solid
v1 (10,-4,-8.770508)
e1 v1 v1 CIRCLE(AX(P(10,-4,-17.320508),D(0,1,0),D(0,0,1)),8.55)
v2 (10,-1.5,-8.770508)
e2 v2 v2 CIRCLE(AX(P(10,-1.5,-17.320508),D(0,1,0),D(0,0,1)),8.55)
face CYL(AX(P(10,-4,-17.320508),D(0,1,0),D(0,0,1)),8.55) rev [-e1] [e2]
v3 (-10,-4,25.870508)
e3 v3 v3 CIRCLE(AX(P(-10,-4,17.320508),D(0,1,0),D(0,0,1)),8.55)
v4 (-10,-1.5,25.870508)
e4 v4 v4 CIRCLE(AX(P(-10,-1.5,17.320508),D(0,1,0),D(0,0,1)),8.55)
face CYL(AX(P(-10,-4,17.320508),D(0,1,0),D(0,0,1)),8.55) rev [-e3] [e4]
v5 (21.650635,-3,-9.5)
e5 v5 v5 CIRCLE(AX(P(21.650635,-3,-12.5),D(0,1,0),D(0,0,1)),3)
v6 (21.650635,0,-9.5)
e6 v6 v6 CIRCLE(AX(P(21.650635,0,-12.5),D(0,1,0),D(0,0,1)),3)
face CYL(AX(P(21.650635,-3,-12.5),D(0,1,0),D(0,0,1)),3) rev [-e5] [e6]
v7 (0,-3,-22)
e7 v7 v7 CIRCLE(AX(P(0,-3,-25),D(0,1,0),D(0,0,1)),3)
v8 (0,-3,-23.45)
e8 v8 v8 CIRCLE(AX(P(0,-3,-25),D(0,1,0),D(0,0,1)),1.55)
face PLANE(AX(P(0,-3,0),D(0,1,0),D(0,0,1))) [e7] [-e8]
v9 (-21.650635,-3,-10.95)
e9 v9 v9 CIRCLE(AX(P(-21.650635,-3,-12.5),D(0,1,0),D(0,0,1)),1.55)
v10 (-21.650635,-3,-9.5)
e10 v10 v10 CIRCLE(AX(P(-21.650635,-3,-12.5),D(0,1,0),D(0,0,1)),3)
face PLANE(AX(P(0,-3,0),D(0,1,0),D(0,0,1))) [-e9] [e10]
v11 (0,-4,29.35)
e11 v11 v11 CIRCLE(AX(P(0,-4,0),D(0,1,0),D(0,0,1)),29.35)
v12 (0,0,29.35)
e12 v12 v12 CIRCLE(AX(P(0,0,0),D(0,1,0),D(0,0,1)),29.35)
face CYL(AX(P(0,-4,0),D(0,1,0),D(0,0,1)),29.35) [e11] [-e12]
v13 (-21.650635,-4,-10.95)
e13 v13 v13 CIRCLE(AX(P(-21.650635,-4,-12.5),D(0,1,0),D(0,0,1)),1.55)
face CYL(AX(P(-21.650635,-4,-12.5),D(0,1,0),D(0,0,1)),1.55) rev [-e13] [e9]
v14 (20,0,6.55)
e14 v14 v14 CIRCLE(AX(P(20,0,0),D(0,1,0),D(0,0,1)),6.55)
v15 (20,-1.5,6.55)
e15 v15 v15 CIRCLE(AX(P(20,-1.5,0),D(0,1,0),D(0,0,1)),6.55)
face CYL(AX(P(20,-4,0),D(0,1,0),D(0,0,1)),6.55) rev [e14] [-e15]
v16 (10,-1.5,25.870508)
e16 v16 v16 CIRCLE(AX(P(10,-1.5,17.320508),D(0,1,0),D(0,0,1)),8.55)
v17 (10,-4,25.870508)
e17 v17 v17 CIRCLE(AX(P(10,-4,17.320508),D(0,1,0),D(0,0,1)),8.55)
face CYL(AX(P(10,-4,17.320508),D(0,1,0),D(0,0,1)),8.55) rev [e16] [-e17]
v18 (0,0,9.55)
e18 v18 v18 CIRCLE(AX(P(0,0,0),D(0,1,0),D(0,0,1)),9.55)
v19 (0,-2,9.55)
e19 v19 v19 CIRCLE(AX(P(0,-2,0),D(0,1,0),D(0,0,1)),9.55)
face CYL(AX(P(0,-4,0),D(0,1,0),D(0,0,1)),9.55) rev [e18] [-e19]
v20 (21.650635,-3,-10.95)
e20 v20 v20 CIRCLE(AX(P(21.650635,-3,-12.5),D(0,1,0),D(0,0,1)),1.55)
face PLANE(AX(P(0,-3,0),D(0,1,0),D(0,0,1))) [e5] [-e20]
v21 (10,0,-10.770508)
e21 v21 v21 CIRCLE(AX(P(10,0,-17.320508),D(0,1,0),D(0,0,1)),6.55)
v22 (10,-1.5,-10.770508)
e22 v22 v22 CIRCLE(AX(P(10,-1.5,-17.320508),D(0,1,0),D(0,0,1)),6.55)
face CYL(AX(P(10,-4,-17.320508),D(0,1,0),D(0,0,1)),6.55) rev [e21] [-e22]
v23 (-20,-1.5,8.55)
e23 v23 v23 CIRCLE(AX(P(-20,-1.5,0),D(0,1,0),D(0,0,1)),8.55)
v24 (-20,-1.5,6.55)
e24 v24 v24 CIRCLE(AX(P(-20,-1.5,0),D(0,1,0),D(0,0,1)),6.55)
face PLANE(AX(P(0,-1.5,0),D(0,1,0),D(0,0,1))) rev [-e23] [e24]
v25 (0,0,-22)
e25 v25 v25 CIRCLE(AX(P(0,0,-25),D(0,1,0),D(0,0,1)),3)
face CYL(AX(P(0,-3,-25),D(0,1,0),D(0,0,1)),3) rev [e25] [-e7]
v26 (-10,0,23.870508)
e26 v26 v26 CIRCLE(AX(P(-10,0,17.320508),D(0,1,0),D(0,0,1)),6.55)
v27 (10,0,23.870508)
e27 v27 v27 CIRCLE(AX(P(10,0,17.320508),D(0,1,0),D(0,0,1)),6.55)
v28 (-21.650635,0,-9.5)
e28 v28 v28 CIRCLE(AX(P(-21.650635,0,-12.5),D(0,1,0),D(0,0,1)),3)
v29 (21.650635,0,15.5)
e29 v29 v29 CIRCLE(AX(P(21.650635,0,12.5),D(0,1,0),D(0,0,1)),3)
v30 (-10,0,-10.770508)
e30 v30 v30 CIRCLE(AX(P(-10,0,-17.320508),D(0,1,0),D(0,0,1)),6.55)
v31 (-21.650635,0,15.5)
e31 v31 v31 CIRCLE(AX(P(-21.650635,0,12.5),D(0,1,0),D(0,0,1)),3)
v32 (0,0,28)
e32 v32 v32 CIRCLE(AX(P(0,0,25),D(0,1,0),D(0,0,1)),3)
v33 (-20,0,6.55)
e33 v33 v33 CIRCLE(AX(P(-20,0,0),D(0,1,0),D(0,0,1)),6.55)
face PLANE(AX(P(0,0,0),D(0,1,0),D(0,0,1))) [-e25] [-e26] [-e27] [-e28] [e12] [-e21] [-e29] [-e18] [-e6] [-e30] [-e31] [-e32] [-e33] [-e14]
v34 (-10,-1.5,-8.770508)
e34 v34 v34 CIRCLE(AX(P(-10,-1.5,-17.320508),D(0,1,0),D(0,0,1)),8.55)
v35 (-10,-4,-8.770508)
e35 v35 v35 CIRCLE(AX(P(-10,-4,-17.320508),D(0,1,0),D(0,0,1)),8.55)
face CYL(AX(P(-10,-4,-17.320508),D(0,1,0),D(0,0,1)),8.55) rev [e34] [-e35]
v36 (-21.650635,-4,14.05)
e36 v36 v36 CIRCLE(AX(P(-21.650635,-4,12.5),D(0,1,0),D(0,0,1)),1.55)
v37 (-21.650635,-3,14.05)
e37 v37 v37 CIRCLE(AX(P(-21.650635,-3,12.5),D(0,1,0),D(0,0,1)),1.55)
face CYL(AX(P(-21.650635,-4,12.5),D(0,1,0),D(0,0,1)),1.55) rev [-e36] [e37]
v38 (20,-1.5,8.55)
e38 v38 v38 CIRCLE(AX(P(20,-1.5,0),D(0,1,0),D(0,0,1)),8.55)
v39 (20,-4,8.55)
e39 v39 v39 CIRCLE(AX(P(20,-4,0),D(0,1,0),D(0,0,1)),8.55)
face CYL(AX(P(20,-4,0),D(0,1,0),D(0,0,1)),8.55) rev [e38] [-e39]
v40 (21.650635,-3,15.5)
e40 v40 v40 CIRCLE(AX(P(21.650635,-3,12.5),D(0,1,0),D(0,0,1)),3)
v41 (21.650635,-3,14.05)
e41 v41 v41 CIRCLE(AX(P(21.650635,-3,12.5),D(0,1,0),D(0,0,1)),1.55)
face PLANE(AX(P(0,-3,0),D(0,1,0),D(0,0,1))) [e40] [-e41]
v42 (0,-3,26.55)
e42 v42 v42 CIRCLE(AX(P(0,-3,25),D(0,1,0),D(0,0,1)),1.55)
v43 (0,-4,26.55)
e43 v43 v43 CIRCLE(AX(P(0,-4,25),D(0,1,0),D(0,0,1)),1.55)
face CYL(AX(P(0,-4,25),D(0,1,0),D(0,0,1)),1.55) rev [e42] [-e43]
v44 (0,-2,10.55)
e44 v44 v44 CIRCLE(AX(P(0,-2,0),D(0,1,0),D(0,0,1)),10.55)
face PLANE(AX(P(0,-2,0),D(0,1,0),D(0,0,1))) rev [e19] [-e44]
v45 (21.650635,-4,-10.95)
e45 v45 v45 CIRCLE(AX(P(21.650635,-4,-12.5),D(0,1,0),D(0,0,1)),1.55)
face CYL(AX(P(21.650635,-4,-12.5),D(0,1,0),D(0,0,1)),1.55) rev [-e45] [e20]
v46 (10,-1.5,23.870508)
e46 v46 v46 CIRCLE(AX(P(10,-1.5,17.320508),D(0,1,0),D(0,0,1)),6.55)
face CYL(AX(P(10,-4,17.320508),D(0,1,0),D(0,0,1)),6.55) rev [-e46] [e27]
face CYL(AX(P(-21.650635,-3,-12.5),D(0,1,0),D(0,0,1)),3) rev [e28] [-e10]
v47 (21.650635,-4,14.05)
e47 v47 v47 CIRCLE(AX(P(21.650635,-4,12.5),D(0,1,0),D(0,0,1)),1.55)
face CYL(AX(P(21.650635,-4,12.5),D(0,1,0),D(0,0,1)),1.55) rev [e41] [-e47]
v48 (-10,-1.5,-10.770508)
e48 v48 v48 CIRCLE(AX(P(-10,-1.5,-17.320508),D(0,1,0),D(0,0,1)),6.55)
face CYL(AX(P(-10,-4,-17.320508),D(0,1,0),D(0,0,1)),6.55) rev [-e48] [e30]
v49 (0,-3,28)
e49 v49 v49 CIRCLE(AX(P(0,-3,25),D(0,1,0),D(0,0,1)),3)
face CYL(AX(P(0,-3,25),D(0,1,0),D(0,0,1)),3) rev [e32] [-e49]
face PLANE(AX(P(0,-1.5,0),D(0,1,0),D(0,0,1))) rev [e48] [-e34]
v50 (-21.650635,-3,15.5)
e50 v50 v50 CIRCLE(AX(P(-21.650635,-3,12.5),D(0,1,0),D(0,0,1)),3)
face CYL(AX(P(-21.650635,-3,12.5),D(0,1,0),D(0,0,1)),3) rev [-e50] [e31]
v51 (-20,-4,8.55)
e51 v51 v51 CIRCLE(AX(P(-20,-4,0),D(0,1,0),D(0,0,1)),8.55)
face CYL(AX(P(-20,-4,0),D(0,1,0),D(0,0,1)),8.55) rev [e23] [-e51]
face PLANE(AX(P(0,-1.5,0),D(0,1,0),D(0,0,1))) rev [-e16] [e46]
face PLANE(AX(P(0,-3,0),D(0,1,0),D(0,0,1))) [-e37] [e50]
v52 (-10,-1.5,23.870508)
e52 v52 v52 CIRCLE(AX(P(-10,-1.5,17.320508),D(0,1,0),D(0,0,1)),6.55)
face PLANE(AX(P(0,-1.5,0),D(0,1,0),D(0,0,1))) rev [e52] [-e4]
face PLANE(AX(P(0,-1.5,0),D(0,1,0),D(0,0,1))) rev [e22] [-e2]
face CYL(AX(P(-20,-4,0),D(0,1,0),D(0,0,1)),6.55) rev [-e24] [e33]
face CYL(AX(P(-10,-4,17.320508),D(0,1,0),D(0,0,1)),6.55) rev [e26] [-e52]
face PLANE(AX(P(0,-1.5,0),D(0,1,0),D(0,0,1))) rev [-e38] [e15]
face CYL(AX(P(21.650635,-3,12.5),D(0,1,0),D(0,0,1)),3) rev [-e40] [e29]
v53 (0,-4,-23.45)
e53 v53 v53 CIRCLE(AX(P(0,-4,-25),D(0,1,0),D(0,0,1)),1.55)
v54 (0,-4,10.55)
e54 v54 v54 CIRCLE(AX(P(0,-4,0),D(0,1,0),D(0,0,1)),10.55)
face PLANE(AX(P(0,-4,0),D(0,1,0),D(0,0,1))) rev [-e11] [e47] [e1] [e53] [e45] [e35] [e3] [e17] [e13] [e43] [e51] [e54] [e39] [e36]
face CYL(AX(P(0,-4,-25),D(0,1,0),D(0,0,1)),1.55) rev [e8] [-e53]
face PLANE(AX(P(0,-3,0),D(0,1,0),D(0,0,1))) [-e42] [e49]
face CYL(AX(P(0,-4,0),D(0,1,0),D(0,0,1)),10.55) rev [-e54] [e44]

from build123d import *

# Parameters (mm, degrees)
SKETCH1_R           = 29.35
BOSS_EXTRUDE1_DEPTH = 4
SKETCH1_4_R         = 9.55
SKETCH1_4_R_2       = 6.55
SKETCH1_4_R_3       = 1.55
CUT_EXTRUDE1_DEPTH  = 42.699460428
CUT_EXTRUDE2_START  = -1.5
SKETCH1_5_R         = 8.55
SKETCH1_5_R_2       = 6.55
CUT_EXTRUDE2_DEPTH  = 41.199460428
CUT_EXTRUDE3_START  = -2
SKETCH1_6_R         = 10.55
SKETCH1_6_R_2       = 9.55
CUT_EXTRUDE3_DEPTH  = 40.699460428
SKETCH1_7_R         = 3
SKETCH1_7_R_2       = 1.55
CUT_EXTRUDE4_DEPTH  = 3


with BuildPart() as part:
    # Sketch1 → Boss-Extrude1 (new body)
    with BuildSketch(Plane(origin=(0, 0, 0), x_dir=(1, 0, 0), z_dir=(0, 1, 0))):
        Circle(SKETCH1_R)
    extrude(amount=-BOSS_EXTRUDE1_DEPTH)

    # Sketch1<4> → Cut-Extrude1 (cut, through all)
    with BuildSketch(Plane(origin=(0, 0, 0), x_dir=(1, 0, 0), z_dir=(0, 1, 0))):
        Circle(SKETCH1_4_R)
        with Locations((-20, 0)):
            Circle(SKETCH1_4_R_2)
        with Locations((-10, 17.320508076)):
            Circle(SKETCH1_4_R_2)
        with Locations((10, 17.320508076)):
            Circle(SKETCH1_4_R_2)
        with Locations((20, 0)):
            Circle(SKETCH1_4_R_2)
        with Locations((10, -17.320508076)):
            Circle(SKETCH1_4_R_2)
        with Locations((-10, -17.320508076)):
            Circle(SKETCH1_4_R_2)
        with Locations((0, 25)):
            Circle(SKETCH1_4_R_3)
        with Locations((21.650635095, 12.5)):
            Circle(SKETCH1_4_R_3)
        with Locations((21.650635095, -12.5)):
            Circle(SKETCH1_4_R_3)
        with Locations((0, -25)):
            Circle(SKETCH1_4_R_3)
        with Locations((-21.650635095, -12.5)):
            Circle(SKETCH1_4_R_3)
        with Locations((-21.650635095, 12.5)):
            Circle(SKETCH1_4_R_3)
    extrude(amount=-CUT_EXTRUDE1_DEPTH, mode=Mode.SUBTRACT)

    # Sketch1<5> → Cut-Extrude2 (cut, through all)
    # profile 1 of 6: a face of its own
    with BuildSketch(Plane(origin=(0, 0, 0), x_dir=(1, 0, 0), z_dir=(0, 1, 0)).offset(CUT_EXTRUDE2_START)):
        with Locations((-20, 0)):
            Circle(SKETCH1_5_R)
        with Locations((-20, 0)):
            Circle(SKETCH1_5_R_2, mode=Mode.SUBTRACT)
    # profile 2 of 6: a face of its own
    with BuildSketch(Plane(origin=(0, 0, 0), x_dir=(1, 0, 0), z_dir=(0, 1, 0)).offset(CUT_EXTRUDE2_START)):
        with Locations((-10, 17.320508076)):
            Circle(SKETCH1_5_R)
        with Locations((-10, 17.320508076)):
            Circle(SKETCH1_5_R_2, mode=Mode.SUBTRACT)
    # profile 3 of 6: a face of its own
    with BuildSketch(Plane(origin=(0, 0, 0), x_dir=(1, 0, 0), z_dir=(0, 1, 0)).offset(CUT_EXTRUDE2_START)):
        with Locations((10, 17.320508076)):
            Circle(SKETCH1_5_R)
        with Locations((10, 17.320508076)):
            Circle(SKETCH1_5_R_2, mode=Mode.SUBTRACT)
    # profile 4 of 6: a face of its own
    with BuildSketch(Plane(origin=(0, 0, 0), x_dir=(1, 0, 0), z_dir=(0, 1, 0)).offset(CUT_EXTRUDE2_START)):
        with Locations((20, 0)):
            Circle(SKETCH1_5_R)
        with Locations((20, 0)):
            Circle(SKETCH1_5_R_2, mode=Mode.SUBTRACT)
    # profile 5 of 6: a face of its own
    with BuildSketch(Plane(origin=(0, 0, 0), x_dir=(1, 0, 0), z_dir=(0, 1, 0)).offset(CUT_EXTRUDE2_START)):
        with Locations((10, -17.320508076)):
            Circle(SKETCH1_5_R)
        with Locations((10, -17.320508076)):
            Circle(SKETCH1_5_R_2, mode=Mode.SUBTRACT)
    # profile 6 of 6: a face of its own
    with BuildSketch(Plane(origin=(0, 0, 0), x_dir=(1, 0, 0), z_dir=(0, 1, 0)).offset(CUT_EXTRUDE2_START)):
        with Locations((-10, -17.320508076)):
            Circle(SKETCH1_5_R)
        with Locations((-10, -17.320508076)):
            Circle(SKETCH1_5_R_2, mode=Mode.SUBTRACT)
    extrude(amount=-CUT_EXTRUDE2_DEPTH, mode=Mode.SUBTRACT)

    # Sketch1<6> → Cut-Extrude3 (cut, through all)
    with BuildSketch(Plane(origin=(0, 0, 0), x_dir=(1, 0, 0), z_dir=(0, 1, 0)).offset(CUT_EXTRUDE3_START)):
        Circle(SKETCH1_6_R)
        Circle(SKETCH1_6_R_2, mode=Mode.SUBTRACT)
    extrude(amount=-CUT_EXTRUDE3_DEPTH, mode=Mode.SUBTRACT)

    # Sketch1<7> → Cut-Extrude4 (cut)
    # profile 1 of 6: a face of its own
    with BuildSketch(Plane(origin=(0, 0, 0), x_dir=(1, 0, 0), z_dir=(0, 1, 0))):
        with Locations((0, 25)):
            Circle(SKETCH1_7_R)
        with Locations((0, 25)):
            Circle(SKETCH1_7_R_2, mode=Mode.SUBTRACT)
    # profile 2 of 6: a face of its own
    with BuildSketch(Plane(origin=(0, 0, 0), x_dir=(1, 0, 0), z_dir=(0, 1, 0))):
        with Locations((21.650635095, 12.5)):
            Circle(SKETCH1_7_R)
        with Locations((21.650635095, 12.5)):
            Circle(SKETCH1_7_R_2, mode=Mode.SUBTRACT)
    # profile 3 of 6: a face of its own
    with BuildSketch(Plane(origin=(0, 0, 0), x_dir=(1, 0, 0), z_dir=(0, 1, 0))):
        with Locations((21.650635095, -12.5)):
            Circle(SKETCH1_7_R)
        with Locations((21.650635095, -12.5)):
            Circle(SKETCH1_7_R_2, mode=Mode.SUBTRACT)
    # profile 4 of 6: a face of its own
    with BuildSketch(Plane(origin=(0, 0, 0), x_dir=(1, 0, 0), z_dir=(0, 1, 0))):
        with Locations((0, -25)):
            Circle(SKETCH1_7_R)
        with Locations((0, -25)):
            Circle(SKETCH1_7_R_2, mode=Mode.SUBTRACT)
    # profile 5 of 6: a face of its own
    with BuildSketch(Plane(origin=(0, 0, 0), x_dir=(1, 0, 0), z_dir=(0, 1, 0))):
        with Locations((-21.650635095, -12.5)):
            Circle(SKETCH1_7_R)
        with Locations((-21.650635095, -12.5)):
            Circle(SKETCH1_7_R_2, mode=Mode.SUBTRACT)
    # profile 6 of 6: a face of its own
    with BuildSketch(Plane(origin=(0, 0, 0), x_dir=(1, 0, 0), z_dir=(0, 1, 0))):
        with Locations((-21.650635095, 12.5)):
            Circle(SKETCH1_7_R)
        with Locations((-21.650635095, 12.5)):
            Circle(SKETCH1_7_R_2, mode=Mode.SUBTRACT)
    extrude(amount=-CUT_EXTRUDE4_DEPTH, mode=Mode.SUBTRACT)


solid = part.part
